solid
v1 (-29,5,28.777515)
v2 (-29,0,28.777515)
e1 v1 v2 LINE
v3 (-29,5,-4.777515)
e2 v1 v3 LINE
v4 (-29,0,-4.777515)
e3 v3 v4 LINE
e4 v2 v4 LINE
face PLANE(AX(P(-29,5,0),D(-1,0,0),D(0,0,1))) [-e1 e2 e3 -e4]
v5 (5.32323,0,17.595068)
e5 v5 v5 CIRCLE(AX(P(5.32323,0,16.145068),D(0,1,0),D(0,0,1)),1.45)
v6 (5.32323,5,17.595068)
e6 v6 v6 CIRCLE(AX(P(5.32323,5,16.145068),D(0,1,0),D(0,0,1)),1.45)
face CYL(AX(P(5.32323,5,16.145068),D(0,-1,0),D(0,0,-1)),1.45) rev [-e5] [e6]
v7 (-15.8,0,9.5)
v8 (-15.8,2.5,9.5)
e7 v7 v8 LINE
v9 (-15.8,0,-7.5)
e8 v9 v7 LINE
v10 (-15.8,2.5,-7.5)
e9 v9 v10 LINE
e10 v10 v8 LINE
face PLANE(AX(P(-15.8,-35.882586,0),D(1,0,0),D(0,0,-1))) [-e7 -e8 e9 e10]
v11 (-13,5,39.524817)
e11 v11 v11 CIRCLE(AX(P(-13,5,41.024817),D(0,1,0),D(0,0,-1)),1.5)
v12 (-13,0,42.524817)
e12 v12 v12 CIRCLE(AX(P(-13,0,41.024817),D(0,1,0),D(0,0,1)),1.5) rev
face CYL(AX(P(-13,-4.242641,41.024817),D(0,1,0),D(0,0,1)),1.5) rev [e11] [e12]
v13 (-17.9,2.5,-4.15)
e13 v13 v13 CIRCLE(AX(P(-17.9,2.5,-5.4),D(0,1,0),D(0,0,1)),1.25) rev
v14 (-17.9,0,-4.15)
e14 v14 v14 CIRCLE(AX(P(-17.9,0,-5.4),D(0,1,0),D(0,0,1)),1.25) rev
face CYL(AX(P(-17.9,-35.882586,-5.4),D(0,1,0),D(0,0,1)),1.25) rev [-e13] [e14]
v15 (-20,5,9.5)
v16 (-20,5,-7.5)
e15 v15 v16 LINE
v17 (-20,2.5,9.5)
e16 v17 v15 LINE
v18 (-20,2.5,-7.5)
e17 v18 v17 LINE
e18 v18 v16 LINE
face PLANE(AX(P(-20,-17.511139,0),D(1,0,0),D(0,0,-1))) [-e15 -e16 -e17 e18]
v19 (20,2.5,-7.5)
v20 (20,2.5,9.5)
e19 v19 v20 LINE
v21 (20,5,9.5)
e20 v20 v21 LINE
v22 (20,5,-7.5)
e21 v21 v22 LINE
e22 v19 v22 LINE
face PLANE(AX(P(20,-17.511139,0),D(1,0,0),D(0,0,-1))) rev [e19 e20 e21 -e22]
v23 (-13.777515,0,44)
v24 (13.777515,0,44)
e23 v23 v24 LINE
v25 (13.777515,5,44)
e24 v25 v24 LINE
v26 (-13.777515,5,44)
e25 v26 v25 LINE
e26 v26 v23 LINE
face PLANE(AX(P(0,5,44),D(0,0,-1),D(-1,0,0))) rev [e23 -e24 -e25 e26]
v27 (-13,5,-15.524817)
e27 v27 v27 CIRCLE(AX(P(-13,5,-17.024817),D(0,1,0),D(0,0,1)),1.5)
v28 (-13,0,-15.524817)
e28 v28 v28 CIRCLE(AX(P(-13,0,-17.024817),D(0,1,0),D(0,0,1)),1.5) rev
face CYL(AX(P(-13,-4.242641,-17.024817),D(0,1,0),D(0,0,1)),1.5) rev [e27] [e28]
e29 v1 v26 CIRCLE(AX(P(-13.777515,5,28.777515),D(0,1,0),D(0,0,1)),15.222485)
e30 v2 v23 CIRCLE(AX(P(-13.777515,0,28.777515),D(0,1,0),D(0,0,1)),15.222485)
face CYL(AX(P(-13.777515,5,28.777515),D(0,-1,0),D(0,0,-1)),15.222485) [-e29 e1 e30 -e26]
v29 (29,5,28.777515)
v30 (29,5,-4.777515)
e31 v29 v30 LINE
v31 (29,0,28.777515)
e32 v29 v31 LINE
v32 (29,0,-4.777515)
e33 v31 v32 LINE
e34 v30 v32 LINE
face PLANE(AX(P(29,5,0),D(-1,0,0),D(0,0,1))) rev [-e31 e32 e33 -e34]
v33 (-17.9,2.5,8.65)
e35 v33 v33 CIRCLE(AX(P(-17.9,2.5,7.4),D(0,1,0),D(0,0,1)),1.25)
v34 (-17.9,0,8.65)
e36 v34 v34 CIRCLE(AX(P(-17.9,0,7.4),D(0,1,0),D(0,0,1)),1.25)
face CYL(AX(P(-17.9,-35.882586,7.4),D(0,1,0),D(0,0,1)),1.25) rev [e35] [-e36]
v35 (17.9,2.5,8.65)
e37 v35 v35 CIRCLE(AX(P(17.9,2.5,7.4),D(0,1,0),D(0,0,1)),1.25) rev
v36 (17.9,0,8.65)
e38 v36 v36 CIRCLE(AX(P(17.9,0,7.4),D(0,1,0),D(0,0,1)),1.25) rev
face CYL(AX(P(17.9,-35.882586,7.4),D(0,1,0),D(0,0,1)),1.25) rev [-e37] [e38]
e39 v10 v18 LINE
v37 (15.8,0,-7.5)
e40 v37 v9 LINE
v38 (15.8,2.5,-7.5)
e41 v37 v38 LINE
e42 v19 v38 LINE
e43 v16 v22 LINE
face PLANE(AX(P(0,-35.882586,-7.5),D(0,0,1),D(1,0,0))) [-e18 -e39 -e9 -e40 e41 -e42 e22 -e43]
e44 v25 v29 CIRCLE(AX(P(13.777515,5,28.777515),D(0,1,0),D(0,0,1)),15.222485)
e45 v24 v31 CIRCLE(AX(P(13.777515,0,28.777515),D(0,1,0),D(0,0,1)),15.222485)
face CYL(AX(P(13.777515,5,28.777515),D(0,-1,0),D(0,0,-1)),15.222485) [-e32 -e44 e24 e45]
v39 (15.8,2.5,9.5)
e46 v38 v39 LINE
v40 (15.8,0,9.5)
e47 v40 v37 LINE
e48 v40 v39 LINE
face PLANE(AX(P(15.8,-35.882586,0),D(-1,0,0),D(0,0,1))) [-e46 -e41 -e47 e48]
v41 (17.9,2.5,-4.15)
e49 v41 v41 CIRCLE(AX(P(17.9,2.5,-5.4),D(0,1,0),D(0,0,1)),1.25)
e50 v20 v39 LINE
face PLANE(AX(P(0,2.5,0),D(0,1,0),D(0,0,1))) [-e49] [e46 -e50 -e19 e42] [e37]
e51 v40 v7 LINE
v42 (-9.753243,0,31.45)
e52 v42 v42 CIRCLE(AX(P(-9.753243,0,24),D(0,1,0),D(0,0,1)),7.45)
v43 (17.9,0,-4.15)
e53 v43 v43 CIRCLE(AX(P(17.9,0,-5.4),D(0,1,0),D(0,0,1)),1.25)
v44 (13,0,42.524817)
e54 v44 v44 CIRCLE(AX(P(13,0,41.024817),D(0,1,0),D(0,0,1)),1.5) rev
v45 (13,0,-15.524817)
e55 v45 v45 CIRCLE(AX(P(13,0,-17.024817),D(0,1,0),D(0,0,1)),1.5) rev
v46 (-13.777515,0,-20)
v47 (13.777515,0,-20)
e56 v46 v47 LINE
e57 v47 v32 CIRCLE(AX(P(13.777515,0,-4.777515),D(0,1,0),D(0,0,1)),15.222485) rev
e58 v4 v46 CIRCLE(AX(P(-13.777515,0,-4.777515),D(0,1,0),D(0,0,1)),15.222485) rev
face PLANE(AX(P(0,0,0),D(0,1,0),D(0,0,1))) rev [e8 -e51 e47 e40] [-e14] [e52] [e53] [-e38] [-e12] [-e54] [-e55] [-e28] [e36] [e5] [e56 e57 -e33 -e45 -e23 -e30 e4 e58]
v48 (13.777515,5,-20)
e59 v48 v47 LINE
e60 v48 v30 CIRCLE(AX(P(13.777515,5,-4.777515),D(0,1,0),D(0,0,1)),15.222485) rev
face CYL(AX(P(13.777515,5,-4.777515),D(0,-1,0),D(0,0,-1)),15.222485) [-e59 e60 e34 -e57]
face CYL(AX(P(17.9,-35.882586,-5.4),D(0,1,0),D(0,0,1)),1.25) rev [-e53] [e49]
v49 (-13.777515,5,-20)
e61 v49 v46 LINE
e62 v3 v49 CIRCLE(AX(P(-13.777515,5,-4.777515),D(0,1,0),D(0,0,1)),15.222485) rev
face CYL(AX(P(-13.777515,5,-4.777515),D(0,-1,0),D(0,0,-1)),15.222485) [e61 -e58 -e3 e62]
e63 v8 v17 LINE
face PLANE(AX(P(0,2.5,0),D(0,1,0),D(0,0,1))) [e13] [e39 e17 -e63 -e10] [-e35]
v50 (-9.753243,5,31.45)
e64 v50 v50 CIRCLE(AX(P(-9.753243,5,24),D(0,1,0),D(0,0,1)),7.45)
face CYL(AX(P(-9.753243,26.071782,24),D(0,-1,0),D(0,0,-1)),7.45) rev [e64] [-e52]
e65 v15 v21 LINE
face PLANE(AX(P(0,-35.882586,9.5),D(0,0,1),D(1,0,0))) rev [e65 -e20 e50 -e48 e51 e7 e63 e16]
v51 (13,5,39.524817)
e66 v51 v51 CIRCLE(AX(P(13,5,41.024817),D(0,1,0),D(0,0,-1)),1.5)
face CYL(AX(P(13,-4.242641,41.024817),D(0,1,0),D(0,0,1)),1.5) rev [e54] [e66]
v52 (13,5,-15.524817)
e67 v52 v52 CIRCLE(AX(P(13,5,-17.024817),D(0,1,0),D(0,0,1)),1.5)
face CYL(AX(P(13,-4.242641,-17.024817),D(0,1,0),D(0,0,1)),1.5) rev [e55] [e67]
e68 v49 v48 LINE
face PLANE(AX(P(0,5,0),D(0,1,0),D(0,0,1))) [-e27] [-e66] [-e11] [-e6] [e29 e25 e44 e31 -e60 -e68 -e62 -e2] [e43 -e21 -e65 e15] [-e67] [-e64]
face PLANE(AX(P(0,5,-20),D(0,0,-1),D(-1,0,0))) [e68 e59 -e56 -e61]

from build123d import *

# Parameters (mm, degrees)
SKETCH1_R           = 1.45
SKETCH1_R_2         = 2
BOSS_EXTRUDE1_DEPTH = 5
SKETCH4_R           = 1.5
CUT_EXTRUDE2_DEPTH  = 5
SKETCH5_4_R         = 7.45
CUT_EXTRUDE6_DEPTH  = 5
SKETCH6_W           = 31.6
SKETCH6_H           = 17
SKETCH6_R           = 1.25
CUT_EXTRUDE8_DEPTH  = 5
SKETCH6_4_W         = 4.2
SKETCH6_4_H         = 4.2
SKETCH6_4_R         = 1.25
SKETCH6_4_H_2       = 8.6
CUT_EXTRUDE9_DEPTH  = 2.5


with BuildPart() as part:
    # Sketch1 → Boss-Extrude1 (new body)
    with BuildSketch(Plane(origin=(0, 0, 0), x_dir=(1, 0, 0), z_dir=(0, 1, 0))):
        with BuildLine():
            Line((-29, -28.777515286), (-29, 4.777515286))
            ThreePointArc((-29, 4.777515286), (-24.541437454, 15.541437454), (-13.777515286, 20))
            Line((-13.777515286, 20), (13.777515286, 20))
            ThreePointArc((13.777515286, 20), (24.541437454, 15.541437454), (29, 4.777515286))
            Line((29, 4.777515286), (29, -28.777515286))
            ThreePointArc((29, -28.777515286), (24.541437454, -39.541437454), (13.777515286, -44))
            Line((13.777515286, -44), (-13.777515286, -44))
            ThreePointArc((-13.777515286, -44), (-24.541437454, -39.541437454), (-29, -28.777515286))
        make_face()
        with Locations(Location((5.323230148, -16.145068002, 0), (0, 0, 270))):
            Circle(SKETCH1_R, mode=Mode.SUBTRACT)
        with Locations(Location((-9.753243024, -24, 0), (0, 0, 270))):
            Circle(SKETCH1_R_2, mode=Mode.SUBTRACT)
    extrude(amount=BOSS_EXTRUDE1_DEPTH)

    # Sketch4 → Cut-Extrude2 (cut)
    with BuildSketch(Plane(origin=(0, 5, 0), x_dir=(1, 0, 0), z_dir=(0, 1, 0))):
        with Locations(Location((13, 17.024816986, 0), (0, 0, 270))):
            Circle(SKETCH4_R)
        with Locations(Location((-13, 17.024816986, 0), (0, 0, 270))):
            Circle(SKETCH4_R)
        with Locations(Location((-13, -41.024816986, 0), (0, 0, 270))):
            Circle(SKETCH4_R)
        with Locations(Location((13, -41.024816986, 0), (0, 0, 270))):
            Circle(SKETCH4_R)
    extrude(amount=-CUT_EXTRUDE2_DEPTH, mode=Mode.SUBTRACT)

    # Sketch5<4> → Cut-Extrude6 (cut)
    with BuildSketch(Plane(origin=(0, 0, 0), x_dir=(1, 0, 0), z_dir=(0, 1, 0))):
        with Locations(Location((-9.753243024, -24, 0), (0, 0, 270))):
            Circle(SKETCH5_4_R)
    extrude(amount=CUT_EXTRUDE6_DEPTH, mode=Mode.SUBTRACT)

    # Sketch6 → Cut-Extrude8 (cut)
    with BuildSketch(Plane(origin=(0, 5, 0), x_dir=(1, 0, 0), z_dir=(0, 1, 0))):
        with Locations((0, -1)):
            Rectangle(SKETCH6_W, SKETCH6_H)
        with Locations(Location((-17.9, 5.4, 0), (0, 0, 270))):
            Circle(SKETCH6_R)
        with Locations(Location((-17.9, -7.4, 0), (0, 0, 270))):
            Circle(SKETCH6_R)
        with Locations(Location((17.9, 5.4, 0), (0, 0, 270))):
            Circle(SKETCH6_R)
        with Locations(Location((17.9, -7.4, 0), (0, 0, 270))):
            Circle(SKETCH6_R)
    extrude(amount=-CUT_EXTRUDE8_DEPTH, mode=Mode.SUBTRACT)

    # Sketch6<4> → Cut-Extrude9 (cut)
    # profile 1 of 6: a face of its own
    with BuildSketch(Plane(origin=(0, 5, 0), x_dir=(1, 0, 0), z_dir=(0, 1, 0))):
        with Locations((-17.9, 5.4)):
            Rectangle(SKETCH6_4_W, SKETCH6_4_H)
        with Locations(Location((-17.9, 5.4, 0), (0, 0, 270))):
            Circle(SKETCH6_4_R, mode=Mode.SUBTRACT)
    # profile 2 of 6: a face of its own
    with BuildSketch(Plane(origin=(0, 5, 0), x_dir=(1, 0, 0), z_dir=(0, 1, 0))):
        with Locations((17.9, 5.4)):
            Rectangle(SKETCH6_4_W, SKETCH6_4_H)
        with Locations(Location((17.9, 5.4, 0), (0, 0, 270))):
            Circle(SKETCH6_4_R, mode=Mode.SUBTRACT)
    # profile 3 of 6: a face of its own
    with BuildSketch(Plane(origin=(0, 5, 0), x_dir=(1, 0, 0), z_dir=(0, 1, 0))):
        with Locations((-17.9, -7.4)):
            Rectangle(SKETCH6_4_W, SKETCH6_4_H)
        with Locations(Location((-17.9, -7.4, 0), (0, 0, 270))):
            Circle(SKETCH6_4_R, mode=Mode.SUBTRACT)
    # profile 4 of 6: a face of its own
    with BuildSketch(Plane(origin=(0, 5, 0), x_dir=(1, 0, 0), z_dir=(0, 1, 0))):
        with Locations((17.9, -7.4)):
            Rectangle(SKETCH6_4_W, SKETCH6_4_H)
        with Locations(Location((17.9, -7.4, 0), (0, 0, 270))):
            Circle(SKETCH6_4_R, mode=Mode.SUBTRACT)
    # profile 5 of 6: a face of its own
    with BuildSketch(Plane(origin=(0, 5, 0), x_dir=(1, 0, 0), z_dir=(0, 1, 0))):
        with Locations((-17.9, -1)):
            Rectangle(SKETCH6_4_W, SKETCH6_4_H_2)
    # profile 6 of 6: a face of its own
    with BuildSketch(Plane(origin=(0, 5, 0), x_dir=(1, 0, 0), z_dir=(0, 1, 0))):
        with Locations((17.9, -1)):
            Rectangle(SKETCH6_4_W, SKETCH6_4_H_2)
    extrude(amount=-CUT_EXTRUDE9_DEPTH, mode=Mode.SUBTRACT)


solid = part.part
